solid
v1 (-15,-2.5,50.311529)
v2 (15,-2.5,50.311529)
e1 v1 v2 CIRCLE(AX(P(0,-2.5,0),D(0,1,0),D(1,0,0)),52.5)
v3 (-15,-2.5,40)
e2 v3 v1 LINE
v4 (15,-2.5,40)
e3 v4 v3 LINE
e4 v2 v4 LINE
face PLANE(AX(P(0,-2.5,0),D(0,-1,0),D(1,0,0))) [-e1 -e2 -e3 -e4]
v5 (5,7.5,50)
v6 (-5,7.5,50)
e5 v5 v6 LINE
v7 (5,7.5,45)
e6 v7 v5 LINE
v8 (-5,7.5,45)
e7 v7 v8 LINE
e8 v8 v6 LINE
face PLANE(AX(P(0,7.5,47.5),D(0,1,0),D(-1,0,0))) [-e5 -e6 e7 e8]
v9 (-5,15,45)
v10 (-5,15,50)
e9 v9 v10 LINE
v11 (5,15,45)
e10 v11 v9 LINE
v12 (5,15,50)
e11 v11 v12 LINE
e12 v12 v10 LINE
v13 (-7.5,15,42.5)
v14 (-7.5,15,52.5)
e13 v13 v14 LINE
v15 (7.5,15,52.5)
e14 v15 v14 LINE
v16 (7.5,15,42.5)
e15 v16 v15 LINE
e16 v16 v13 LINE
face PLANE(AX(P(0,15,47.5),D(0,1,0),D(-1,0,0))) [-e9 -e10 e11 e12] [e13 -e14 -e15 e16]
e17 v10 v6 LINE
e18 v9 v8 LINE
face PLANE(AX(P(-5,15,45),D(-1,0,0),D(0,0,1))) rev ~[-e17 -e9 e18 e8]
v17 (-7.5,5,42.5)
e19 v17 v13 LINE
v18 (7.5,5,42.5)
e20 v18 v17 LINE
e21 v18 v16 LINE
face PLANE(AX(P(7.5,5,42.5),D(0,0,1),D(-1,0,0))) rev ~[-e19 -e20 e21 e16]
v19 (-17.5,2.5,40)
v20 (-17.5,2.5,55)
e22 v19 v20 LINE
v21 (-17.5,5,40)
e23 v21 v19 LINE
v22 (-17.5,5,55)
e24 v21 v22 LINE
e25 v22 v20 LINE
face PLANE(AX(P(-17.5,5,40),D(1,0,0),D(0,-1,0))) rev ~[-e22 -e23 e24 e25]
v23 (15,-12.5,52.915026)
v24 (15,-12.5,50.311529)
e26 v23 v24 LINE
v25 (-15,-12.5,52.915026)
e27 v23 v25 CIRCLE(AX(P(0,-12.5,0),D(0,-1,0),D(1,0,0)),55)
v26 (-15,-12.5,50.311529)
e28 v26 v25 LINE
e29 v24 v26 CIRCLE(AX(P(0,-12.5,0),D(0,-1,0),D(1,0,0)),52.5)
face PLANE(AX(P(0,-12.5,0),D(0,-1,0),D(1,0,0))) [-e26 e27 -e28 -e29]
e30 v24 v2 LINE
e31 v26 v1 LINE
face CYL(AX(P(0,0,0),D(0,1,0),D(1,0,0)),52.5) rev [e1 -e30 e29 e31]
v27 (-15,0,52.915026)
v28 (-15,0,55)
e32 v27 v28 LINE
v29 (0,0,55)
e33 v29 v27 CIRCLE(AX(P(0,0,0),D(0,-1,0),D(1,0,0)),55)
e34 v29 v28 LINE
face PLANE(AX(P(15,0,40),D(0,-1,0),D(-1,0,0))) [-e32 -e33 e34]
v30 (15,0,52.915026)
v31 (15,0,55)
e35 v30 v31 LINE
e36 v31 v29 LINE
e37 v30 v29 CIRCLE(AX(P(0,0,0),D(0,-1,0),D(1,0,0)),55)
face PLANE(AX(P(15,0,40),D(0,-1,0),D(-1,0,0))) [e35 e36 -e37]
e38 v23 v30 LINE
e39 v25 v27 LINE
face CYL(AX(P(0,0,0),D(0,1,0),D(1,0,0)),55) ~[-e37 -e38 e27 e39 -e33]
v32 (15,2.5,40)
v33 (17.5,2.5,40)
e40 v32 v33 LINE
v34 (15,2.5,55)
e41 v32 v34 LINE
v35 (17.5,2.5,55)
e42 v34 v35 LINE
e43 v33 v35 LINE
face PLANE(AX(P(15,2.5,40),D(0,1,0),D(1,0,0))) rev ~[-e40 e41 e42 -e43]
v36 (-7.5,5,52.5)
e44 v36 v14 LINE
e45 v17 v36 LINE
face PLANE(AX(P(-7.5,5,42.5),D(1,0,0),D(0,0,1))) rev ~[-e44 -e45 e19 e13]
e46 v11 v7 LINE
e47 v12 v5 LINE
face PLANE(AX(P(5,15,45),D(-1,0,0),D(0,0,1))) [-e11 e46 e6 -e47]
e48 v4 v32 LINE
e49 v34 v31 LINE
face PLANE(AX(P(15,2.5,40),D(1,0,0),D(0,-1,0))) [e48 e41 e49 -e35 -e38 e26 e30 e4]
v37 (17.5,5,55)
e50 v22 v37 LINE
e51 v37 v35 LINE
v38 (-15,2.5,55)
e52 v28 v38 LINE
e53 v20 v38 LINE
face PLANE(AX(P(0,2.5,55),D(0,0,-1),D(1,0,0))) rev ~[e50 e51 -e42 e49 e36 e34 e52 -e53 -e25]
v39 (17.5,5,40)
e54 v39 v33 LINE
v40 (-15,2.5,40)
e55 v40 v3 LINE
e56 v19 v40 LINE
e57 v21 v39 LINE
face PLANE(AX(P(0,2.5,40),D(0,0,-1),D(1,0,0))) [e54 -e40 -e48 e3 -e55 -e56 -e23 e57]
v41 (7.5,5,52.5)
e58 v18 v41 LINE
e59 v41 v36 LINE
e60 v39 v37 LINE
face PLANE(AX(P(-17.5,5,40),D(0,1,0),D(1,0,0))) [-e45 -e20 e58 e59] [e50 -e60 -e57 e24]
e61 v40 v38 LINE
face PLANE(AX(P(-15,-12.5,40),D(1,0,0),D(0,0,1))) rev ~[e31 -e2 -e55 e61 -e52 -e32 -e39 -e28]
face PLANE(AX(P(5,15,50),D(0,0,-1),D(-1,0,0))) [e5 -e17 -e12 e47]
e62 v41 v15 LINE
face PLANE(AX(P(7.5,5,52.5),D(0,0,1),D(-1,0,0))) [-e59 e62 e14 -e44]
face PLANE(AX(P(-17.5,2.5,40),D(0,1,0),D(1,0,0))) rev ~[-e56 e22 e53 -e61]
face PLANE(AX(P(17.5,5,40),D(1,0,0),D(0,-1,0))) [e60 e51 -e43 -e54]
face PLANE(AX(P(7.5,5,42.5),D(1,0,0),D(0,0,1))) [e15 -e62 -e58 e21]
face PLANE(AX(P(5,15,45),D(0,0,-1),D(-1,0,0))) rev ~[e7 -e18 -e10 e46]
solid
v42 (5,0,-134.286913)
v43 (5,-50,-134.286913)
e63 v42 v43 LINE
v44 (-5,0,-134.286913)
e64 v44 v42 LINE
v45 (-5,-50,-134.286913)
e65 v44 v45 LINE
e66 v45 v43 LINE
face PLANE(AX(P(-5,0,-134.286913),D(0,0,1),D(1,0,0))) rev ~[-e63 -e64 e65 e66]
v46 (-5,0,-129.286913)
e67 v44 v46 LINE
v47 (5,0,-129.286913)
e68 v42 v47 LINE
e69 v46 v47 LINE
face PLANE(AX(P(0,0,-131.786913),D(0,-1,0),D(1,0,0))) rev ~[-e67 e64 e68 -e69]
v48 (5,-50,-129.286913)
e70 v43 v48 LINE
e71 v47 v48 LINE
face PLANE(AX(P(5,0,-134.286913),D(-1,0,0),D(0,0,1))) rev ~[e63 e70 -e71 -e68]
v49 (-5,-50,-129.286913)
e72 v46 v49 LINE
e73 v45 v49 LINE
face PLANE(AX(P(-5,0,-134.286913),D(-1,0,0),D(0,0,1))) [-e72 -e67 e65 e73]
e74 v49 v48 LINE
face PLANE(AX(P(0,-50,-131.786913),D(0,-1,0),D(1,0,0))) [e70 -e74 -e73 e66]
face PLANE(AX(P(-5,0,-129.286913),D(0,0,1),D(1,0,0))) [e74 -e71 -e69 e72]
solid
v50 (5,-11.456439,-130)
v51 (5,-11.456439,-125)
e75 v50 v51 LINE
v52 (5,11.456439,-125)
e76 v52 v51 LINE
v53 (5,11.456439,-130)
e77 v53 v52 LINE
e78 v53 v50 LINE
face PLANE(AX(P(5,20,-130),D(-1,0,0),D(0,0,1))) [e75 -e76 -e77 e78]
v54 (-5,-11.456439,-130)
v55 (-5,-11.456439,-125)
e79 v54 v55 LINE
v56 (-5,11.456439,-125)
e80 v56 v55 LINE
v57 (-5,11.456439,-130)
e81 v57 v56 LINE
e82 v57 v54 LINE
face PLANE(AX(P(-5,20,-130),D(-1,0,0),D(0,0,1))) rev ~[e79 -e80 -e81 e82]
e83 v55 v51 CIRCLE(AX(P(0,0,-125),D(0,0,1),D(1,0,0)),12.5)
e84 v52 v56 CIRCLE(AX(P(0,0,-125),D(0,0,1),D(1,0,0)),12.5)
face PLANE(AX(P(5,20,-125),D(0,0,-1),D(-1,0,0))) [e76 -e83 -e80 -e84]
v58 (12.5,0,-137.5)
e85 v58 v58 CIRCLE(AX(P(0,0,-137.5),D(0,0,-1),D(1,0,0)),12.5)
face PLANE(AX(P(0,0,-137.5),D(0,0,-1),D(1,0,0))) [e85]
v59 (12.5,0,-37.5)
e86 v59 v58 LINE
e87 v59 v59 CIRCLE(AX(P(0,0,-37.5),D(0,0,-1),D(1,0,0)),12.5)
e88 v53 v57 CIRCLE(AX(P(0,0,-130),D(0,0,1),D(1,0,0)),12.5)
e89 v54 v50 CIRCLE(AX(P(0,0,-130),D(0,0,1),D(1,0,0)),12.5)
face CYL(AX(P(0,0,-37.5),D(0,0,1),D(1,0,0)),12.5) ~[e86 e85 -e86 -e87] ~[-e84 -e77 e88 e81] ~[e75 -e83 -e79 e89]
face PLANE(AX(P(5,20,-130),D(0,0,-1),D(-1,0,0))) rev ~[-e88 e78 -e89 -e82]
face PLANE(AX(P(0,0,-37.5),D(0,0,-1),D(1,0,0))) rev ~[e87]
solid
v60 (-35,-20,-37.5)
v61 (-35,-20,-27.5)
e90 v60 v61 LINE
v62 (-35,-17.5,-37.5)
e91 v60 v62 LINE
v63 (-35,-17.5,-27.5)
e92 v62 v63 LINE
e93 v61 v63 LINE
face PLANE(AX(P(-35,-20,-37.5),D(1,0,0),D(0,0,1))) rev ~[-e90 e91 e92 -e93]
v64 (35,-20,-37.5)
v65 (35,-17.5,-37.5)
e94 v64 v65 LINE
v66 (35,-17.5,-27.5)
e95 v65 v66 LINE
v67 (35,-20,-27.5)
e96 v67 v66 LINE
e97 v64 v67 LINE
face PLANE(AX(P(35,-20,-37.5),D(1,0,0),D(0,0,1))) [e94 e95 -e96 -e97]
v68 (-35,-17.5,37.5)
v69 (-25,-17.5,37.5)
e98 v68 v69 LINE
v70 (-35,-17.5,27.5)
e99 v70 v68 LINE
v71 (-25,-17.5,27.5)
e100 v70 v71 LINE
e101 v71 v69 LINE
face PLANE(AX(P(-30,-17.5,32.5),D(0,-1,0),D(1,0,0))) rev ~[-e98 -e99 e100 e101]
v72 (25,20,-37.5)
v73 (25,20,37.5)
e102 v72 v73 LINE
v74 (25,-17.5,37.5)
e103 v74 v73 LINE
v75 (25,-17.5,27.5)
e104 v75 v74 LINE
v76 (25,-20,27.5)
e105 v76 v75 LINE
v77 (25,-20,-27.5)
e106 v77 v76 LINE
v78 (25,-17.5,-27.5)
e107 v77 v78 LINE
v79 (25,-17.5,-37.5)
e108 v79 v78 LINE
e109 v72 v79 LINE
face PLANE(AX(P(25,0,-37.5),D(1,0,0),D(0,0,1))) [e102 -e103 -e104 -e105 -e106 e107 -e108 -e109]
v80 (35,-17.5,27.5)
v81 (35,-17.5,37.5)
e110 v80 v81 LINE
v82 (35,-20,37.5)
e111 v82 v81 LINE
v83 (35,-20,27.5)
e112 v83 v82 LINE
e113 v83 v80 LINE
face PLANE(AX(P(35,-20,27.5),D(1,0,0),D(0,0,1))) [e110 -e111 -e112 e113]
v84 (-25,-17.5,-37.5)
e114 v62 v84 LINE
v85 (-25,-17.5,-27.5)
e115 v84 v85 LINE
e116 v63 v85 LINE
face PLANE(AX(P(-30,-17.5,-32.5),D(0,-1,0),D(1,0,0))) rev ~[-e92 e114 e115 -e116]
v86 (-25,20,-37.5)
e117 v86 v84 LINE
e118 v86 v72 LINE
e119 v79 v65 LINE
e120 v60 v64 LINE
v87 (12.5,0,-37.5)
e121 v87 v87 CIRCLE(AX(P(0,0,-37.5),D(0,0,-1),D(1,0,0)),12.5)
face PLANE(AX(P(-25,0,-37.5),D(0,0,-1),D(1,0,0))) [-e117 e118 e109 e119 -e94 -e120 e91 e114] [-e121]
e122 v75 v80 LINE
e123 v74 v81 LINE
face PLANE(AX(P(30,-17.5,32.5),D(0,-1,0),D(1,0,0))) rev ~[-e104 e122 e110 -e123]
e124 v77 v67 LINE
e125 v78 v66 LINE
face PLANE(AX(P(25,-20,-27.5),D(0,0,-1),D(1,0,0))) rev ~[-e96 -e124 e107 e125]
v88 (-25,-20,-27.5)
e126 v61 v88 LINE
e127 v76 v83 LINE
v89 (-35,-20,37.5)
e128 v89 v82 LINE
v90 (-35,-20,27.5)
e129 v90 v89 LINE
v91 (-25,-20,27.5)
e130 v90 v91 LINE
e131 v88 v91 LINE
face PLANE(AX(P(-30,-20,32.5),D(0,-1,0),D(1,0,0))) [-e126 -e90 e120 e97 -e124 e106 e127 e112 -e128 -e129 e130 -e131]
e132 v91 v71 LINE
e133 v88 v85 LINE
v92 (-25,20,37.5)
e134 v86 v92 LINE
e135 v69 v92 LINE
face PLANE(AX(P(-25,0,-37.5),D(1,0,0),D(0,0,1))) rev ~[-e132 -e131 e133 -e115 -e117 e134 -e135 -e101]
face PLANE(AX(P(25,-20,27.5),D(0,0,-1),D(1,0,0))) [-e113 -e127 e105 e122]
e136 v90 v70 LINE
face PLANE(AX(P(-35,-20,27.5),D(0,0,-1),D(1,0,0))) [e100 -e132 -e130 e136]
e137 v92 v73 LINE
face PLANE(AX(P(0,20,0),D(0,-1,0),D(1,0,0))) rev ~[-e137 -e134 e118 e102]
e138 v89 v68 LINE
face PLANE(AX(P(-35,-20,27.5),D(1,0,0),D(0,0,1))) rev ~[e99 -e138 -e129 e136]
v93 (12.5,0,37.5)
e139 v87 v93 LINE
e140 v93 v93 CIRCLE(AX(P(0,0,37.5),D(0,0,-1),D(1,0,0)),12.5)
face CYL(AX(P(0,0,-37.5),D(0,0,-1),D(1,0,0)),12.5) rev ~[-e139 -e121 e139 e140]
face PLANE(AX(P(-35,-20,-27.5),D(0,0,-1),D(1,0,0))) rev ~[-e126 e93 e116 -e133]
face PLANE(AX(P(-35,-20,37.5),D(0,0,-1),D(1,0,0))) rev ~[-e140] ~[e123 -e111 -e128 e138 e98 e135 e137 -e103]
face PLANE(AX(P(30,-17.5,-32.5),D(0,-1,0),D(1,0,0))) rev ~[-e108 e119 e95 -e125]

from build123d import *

# Parameters (mm, degrees)
F0_R      = 55
F1_DEPTH  = 12.5
F2_T      = -2.5
F4_DEPTH  = 25
F5_W      = 2.5
F5_H      = 2.5
F6_DEPTH  = 15
F7_W      = 15
F7_H      = 10
F8_DEPTH  = 10
F9_W      = 10
F9_H      = 5
F10_DEPTH = 7.5
F11_W     = 50
F11_H     = 75
F12_DEPTH = 20
F13_R     = 12.5
F14_DEPTH = 75
F15_W     = 10
F15_H     = 10
F16_DEPTH = 2.5
F18_DEPTH = 100
F17_W     = 10
F17_H     = 5
F19_DEPTH = 40
F20_W     = 10
F20_H     = 5
F21_DEPTH = 50


with BuildPart() as f1:
    # F0 (on Front) → F1 (new body)
    with BuildSketch(Plane.XZ):
        Circle(F0_R)
    extrude(amount=F1_DEPTH)

    # F2
    f2_openings = [f1.faces().sort_by_distance(p)[0] for p in [
        (0, -12.5, 0),
    ]]
    offset(amount=F2_T, openings=f2_openings)

    # F3 (on face) → F4 (cut)
    with BuildSketch(Plane.XZ.offset(12.5)):
        with BuildLine():
            Line((-15, 40), (-15, 50.3115294937))
            ThreePointArc((-15, 50.3115294937), (-31.374750995, -42.0936456012), (52.5, 0))
            ThreePointArc((52.5, 0), (42.0936456012, 31.374750995), (15, 50.3115294937))
            Line((15, 50.3115294937), (15, 40))
            Line((15, 40), (-15, 40))
        make_face()
        with BuildLine():
            ThreePointArc((-15, 52.9150262213), (-43.8748219325, 33.1662479094), (-55, 1.48e-08))
            ThreePointArc((-55, 1.48e-08), (-38.8908729315, -38.8908729991), (1.104e-07, -55))
            ThreePointArc((1.104e-07, -55), (38.8908730043, -38.8908729262), (55, 0))
            ThreePointArc((55, 0), (43.874821937, 33.1662479036), (15, 52.9150262213))
            Line((15, 52.9150262213), (15, 50.3115294937))
            ThreePointArc((15, 50.3115294937), (42.0936456012, 31.374750995), (52.5, 0))
            ThreePointArc((52.5, 0), (-31.374750995, -42.0936456012), (-15, 50.3115294937))
            Line((-15, 50.3115294937), (-15, 52.9150262213))
        make_face()
    extrude(amount=-F4_DEPTH, mode=Mode.SUBTRACT)

    # F5 (on face) → F6 (join)
    with BuildSketch(Plane(origin=(0, 0, 40), x_dir=(1, 0, 0), z_dir=(0, 0, -1))):
        Polygon((15, 0), (-15, 0), (-15, -2.5), (-15, -5), (15, -5), (15, -2.5), align=None)
        with Locations((16.25, -3.75)):
            Rectangle(F5_W, F5_H)
        with Locations((-16.25, -3.75)):
            Rectangle(F5_W, F5_H)
    extrude(amount=-F6_DEPTH)

    # F7 (on face) → F8 (join)
    with BuildSketch(Plane(origin=(0, 5, 0), x_dir=(-1, 0, 0), z_dir=(0, 1, 0))):
        with Locations((0, 47.5)):
            Rectangle(F7_W, F7_H)
    extrude(amount=F8_DEPTH)

    # F9 (on face) → F10 (cut)
    with BuildSketch(Plane(origin=(0, 15, 0), x_dir=(-1, 0, 0), z_dir=(0, 1, 0))):
        with Locations((0, 47.5)):
            Rectangle(F9_W, F9_H)
    extrude(amount=-F10_DEPTH, mode=Mode.SUBTRACT)


with BuildPart() as f12:
    # F11 (on Front) → F12 (new body, symmetric)
    with BuildSketch(Plane.XZ):
        Rectangle(F11_W, F11_H)
    extrude(amount=F12_DEPTH, both=True)

    # F13 (on face) → F14 (cut)
    with BuildSketch(Plane(origin=(0, 0, -37.5), x_dir=(1, 0, 0), z_dir=(0, 0, -1))):
        Circle(F13_R)
    extrude(amount=-F14_DEPTH, mode=Mode.SUBTRACT)

    # F15 (on face) → F16 (join)
    with BuildSketch(Plane.XZ.offset(20)):
        with Locations((-30, 32.5)):
            Rectangle(F15_W, F15_H)
        with Locations((30, 32.5)):
            Rectangle(F15_W, F15_H)
        with Locations((-30, -32.5)):
            Rectangle(F15_W, F15_H)
        with Locations((30, -32.5)):
            Rectangle(F15_W, F15_H)
    extrude(amount=-F16_DEPTH)


with BuildPart() as f18:
    # F13 (on face) → F18 (new body)
    with BuildSketch(Plane(origin=(0, 0, -37.5), x_dir=(1, 0, 0), z_dir=(0, 0, -1))):
        Circle(F13_R)
    extrude(amount=F18_DEPTH)

    # F17 (on face) → F19 (cut)
    with BuildSketch(Plane(origin=(0, 20, 0), x_dir=(-1, 0, 0), z_dir=(0, 1, 0))):
        with Locations((0, -127.5)):
            Rectangle(F17_W, F17_H)
    extrude(amount=-F19_DEPTH, mode=Mode.SUBTRACT)


with BuildPart() as f21:
    # F20 (on Front) → F21 (new body)
    with BuildSketch(Plane.XZ):
        with Locations((0, -131.7869126797)):
            Rectangle(F20_W, F20_H)
    extrude(amount=F21_DEPTH)


solid = Compound([f1.part, f12.part, f18.part, f21.part])
